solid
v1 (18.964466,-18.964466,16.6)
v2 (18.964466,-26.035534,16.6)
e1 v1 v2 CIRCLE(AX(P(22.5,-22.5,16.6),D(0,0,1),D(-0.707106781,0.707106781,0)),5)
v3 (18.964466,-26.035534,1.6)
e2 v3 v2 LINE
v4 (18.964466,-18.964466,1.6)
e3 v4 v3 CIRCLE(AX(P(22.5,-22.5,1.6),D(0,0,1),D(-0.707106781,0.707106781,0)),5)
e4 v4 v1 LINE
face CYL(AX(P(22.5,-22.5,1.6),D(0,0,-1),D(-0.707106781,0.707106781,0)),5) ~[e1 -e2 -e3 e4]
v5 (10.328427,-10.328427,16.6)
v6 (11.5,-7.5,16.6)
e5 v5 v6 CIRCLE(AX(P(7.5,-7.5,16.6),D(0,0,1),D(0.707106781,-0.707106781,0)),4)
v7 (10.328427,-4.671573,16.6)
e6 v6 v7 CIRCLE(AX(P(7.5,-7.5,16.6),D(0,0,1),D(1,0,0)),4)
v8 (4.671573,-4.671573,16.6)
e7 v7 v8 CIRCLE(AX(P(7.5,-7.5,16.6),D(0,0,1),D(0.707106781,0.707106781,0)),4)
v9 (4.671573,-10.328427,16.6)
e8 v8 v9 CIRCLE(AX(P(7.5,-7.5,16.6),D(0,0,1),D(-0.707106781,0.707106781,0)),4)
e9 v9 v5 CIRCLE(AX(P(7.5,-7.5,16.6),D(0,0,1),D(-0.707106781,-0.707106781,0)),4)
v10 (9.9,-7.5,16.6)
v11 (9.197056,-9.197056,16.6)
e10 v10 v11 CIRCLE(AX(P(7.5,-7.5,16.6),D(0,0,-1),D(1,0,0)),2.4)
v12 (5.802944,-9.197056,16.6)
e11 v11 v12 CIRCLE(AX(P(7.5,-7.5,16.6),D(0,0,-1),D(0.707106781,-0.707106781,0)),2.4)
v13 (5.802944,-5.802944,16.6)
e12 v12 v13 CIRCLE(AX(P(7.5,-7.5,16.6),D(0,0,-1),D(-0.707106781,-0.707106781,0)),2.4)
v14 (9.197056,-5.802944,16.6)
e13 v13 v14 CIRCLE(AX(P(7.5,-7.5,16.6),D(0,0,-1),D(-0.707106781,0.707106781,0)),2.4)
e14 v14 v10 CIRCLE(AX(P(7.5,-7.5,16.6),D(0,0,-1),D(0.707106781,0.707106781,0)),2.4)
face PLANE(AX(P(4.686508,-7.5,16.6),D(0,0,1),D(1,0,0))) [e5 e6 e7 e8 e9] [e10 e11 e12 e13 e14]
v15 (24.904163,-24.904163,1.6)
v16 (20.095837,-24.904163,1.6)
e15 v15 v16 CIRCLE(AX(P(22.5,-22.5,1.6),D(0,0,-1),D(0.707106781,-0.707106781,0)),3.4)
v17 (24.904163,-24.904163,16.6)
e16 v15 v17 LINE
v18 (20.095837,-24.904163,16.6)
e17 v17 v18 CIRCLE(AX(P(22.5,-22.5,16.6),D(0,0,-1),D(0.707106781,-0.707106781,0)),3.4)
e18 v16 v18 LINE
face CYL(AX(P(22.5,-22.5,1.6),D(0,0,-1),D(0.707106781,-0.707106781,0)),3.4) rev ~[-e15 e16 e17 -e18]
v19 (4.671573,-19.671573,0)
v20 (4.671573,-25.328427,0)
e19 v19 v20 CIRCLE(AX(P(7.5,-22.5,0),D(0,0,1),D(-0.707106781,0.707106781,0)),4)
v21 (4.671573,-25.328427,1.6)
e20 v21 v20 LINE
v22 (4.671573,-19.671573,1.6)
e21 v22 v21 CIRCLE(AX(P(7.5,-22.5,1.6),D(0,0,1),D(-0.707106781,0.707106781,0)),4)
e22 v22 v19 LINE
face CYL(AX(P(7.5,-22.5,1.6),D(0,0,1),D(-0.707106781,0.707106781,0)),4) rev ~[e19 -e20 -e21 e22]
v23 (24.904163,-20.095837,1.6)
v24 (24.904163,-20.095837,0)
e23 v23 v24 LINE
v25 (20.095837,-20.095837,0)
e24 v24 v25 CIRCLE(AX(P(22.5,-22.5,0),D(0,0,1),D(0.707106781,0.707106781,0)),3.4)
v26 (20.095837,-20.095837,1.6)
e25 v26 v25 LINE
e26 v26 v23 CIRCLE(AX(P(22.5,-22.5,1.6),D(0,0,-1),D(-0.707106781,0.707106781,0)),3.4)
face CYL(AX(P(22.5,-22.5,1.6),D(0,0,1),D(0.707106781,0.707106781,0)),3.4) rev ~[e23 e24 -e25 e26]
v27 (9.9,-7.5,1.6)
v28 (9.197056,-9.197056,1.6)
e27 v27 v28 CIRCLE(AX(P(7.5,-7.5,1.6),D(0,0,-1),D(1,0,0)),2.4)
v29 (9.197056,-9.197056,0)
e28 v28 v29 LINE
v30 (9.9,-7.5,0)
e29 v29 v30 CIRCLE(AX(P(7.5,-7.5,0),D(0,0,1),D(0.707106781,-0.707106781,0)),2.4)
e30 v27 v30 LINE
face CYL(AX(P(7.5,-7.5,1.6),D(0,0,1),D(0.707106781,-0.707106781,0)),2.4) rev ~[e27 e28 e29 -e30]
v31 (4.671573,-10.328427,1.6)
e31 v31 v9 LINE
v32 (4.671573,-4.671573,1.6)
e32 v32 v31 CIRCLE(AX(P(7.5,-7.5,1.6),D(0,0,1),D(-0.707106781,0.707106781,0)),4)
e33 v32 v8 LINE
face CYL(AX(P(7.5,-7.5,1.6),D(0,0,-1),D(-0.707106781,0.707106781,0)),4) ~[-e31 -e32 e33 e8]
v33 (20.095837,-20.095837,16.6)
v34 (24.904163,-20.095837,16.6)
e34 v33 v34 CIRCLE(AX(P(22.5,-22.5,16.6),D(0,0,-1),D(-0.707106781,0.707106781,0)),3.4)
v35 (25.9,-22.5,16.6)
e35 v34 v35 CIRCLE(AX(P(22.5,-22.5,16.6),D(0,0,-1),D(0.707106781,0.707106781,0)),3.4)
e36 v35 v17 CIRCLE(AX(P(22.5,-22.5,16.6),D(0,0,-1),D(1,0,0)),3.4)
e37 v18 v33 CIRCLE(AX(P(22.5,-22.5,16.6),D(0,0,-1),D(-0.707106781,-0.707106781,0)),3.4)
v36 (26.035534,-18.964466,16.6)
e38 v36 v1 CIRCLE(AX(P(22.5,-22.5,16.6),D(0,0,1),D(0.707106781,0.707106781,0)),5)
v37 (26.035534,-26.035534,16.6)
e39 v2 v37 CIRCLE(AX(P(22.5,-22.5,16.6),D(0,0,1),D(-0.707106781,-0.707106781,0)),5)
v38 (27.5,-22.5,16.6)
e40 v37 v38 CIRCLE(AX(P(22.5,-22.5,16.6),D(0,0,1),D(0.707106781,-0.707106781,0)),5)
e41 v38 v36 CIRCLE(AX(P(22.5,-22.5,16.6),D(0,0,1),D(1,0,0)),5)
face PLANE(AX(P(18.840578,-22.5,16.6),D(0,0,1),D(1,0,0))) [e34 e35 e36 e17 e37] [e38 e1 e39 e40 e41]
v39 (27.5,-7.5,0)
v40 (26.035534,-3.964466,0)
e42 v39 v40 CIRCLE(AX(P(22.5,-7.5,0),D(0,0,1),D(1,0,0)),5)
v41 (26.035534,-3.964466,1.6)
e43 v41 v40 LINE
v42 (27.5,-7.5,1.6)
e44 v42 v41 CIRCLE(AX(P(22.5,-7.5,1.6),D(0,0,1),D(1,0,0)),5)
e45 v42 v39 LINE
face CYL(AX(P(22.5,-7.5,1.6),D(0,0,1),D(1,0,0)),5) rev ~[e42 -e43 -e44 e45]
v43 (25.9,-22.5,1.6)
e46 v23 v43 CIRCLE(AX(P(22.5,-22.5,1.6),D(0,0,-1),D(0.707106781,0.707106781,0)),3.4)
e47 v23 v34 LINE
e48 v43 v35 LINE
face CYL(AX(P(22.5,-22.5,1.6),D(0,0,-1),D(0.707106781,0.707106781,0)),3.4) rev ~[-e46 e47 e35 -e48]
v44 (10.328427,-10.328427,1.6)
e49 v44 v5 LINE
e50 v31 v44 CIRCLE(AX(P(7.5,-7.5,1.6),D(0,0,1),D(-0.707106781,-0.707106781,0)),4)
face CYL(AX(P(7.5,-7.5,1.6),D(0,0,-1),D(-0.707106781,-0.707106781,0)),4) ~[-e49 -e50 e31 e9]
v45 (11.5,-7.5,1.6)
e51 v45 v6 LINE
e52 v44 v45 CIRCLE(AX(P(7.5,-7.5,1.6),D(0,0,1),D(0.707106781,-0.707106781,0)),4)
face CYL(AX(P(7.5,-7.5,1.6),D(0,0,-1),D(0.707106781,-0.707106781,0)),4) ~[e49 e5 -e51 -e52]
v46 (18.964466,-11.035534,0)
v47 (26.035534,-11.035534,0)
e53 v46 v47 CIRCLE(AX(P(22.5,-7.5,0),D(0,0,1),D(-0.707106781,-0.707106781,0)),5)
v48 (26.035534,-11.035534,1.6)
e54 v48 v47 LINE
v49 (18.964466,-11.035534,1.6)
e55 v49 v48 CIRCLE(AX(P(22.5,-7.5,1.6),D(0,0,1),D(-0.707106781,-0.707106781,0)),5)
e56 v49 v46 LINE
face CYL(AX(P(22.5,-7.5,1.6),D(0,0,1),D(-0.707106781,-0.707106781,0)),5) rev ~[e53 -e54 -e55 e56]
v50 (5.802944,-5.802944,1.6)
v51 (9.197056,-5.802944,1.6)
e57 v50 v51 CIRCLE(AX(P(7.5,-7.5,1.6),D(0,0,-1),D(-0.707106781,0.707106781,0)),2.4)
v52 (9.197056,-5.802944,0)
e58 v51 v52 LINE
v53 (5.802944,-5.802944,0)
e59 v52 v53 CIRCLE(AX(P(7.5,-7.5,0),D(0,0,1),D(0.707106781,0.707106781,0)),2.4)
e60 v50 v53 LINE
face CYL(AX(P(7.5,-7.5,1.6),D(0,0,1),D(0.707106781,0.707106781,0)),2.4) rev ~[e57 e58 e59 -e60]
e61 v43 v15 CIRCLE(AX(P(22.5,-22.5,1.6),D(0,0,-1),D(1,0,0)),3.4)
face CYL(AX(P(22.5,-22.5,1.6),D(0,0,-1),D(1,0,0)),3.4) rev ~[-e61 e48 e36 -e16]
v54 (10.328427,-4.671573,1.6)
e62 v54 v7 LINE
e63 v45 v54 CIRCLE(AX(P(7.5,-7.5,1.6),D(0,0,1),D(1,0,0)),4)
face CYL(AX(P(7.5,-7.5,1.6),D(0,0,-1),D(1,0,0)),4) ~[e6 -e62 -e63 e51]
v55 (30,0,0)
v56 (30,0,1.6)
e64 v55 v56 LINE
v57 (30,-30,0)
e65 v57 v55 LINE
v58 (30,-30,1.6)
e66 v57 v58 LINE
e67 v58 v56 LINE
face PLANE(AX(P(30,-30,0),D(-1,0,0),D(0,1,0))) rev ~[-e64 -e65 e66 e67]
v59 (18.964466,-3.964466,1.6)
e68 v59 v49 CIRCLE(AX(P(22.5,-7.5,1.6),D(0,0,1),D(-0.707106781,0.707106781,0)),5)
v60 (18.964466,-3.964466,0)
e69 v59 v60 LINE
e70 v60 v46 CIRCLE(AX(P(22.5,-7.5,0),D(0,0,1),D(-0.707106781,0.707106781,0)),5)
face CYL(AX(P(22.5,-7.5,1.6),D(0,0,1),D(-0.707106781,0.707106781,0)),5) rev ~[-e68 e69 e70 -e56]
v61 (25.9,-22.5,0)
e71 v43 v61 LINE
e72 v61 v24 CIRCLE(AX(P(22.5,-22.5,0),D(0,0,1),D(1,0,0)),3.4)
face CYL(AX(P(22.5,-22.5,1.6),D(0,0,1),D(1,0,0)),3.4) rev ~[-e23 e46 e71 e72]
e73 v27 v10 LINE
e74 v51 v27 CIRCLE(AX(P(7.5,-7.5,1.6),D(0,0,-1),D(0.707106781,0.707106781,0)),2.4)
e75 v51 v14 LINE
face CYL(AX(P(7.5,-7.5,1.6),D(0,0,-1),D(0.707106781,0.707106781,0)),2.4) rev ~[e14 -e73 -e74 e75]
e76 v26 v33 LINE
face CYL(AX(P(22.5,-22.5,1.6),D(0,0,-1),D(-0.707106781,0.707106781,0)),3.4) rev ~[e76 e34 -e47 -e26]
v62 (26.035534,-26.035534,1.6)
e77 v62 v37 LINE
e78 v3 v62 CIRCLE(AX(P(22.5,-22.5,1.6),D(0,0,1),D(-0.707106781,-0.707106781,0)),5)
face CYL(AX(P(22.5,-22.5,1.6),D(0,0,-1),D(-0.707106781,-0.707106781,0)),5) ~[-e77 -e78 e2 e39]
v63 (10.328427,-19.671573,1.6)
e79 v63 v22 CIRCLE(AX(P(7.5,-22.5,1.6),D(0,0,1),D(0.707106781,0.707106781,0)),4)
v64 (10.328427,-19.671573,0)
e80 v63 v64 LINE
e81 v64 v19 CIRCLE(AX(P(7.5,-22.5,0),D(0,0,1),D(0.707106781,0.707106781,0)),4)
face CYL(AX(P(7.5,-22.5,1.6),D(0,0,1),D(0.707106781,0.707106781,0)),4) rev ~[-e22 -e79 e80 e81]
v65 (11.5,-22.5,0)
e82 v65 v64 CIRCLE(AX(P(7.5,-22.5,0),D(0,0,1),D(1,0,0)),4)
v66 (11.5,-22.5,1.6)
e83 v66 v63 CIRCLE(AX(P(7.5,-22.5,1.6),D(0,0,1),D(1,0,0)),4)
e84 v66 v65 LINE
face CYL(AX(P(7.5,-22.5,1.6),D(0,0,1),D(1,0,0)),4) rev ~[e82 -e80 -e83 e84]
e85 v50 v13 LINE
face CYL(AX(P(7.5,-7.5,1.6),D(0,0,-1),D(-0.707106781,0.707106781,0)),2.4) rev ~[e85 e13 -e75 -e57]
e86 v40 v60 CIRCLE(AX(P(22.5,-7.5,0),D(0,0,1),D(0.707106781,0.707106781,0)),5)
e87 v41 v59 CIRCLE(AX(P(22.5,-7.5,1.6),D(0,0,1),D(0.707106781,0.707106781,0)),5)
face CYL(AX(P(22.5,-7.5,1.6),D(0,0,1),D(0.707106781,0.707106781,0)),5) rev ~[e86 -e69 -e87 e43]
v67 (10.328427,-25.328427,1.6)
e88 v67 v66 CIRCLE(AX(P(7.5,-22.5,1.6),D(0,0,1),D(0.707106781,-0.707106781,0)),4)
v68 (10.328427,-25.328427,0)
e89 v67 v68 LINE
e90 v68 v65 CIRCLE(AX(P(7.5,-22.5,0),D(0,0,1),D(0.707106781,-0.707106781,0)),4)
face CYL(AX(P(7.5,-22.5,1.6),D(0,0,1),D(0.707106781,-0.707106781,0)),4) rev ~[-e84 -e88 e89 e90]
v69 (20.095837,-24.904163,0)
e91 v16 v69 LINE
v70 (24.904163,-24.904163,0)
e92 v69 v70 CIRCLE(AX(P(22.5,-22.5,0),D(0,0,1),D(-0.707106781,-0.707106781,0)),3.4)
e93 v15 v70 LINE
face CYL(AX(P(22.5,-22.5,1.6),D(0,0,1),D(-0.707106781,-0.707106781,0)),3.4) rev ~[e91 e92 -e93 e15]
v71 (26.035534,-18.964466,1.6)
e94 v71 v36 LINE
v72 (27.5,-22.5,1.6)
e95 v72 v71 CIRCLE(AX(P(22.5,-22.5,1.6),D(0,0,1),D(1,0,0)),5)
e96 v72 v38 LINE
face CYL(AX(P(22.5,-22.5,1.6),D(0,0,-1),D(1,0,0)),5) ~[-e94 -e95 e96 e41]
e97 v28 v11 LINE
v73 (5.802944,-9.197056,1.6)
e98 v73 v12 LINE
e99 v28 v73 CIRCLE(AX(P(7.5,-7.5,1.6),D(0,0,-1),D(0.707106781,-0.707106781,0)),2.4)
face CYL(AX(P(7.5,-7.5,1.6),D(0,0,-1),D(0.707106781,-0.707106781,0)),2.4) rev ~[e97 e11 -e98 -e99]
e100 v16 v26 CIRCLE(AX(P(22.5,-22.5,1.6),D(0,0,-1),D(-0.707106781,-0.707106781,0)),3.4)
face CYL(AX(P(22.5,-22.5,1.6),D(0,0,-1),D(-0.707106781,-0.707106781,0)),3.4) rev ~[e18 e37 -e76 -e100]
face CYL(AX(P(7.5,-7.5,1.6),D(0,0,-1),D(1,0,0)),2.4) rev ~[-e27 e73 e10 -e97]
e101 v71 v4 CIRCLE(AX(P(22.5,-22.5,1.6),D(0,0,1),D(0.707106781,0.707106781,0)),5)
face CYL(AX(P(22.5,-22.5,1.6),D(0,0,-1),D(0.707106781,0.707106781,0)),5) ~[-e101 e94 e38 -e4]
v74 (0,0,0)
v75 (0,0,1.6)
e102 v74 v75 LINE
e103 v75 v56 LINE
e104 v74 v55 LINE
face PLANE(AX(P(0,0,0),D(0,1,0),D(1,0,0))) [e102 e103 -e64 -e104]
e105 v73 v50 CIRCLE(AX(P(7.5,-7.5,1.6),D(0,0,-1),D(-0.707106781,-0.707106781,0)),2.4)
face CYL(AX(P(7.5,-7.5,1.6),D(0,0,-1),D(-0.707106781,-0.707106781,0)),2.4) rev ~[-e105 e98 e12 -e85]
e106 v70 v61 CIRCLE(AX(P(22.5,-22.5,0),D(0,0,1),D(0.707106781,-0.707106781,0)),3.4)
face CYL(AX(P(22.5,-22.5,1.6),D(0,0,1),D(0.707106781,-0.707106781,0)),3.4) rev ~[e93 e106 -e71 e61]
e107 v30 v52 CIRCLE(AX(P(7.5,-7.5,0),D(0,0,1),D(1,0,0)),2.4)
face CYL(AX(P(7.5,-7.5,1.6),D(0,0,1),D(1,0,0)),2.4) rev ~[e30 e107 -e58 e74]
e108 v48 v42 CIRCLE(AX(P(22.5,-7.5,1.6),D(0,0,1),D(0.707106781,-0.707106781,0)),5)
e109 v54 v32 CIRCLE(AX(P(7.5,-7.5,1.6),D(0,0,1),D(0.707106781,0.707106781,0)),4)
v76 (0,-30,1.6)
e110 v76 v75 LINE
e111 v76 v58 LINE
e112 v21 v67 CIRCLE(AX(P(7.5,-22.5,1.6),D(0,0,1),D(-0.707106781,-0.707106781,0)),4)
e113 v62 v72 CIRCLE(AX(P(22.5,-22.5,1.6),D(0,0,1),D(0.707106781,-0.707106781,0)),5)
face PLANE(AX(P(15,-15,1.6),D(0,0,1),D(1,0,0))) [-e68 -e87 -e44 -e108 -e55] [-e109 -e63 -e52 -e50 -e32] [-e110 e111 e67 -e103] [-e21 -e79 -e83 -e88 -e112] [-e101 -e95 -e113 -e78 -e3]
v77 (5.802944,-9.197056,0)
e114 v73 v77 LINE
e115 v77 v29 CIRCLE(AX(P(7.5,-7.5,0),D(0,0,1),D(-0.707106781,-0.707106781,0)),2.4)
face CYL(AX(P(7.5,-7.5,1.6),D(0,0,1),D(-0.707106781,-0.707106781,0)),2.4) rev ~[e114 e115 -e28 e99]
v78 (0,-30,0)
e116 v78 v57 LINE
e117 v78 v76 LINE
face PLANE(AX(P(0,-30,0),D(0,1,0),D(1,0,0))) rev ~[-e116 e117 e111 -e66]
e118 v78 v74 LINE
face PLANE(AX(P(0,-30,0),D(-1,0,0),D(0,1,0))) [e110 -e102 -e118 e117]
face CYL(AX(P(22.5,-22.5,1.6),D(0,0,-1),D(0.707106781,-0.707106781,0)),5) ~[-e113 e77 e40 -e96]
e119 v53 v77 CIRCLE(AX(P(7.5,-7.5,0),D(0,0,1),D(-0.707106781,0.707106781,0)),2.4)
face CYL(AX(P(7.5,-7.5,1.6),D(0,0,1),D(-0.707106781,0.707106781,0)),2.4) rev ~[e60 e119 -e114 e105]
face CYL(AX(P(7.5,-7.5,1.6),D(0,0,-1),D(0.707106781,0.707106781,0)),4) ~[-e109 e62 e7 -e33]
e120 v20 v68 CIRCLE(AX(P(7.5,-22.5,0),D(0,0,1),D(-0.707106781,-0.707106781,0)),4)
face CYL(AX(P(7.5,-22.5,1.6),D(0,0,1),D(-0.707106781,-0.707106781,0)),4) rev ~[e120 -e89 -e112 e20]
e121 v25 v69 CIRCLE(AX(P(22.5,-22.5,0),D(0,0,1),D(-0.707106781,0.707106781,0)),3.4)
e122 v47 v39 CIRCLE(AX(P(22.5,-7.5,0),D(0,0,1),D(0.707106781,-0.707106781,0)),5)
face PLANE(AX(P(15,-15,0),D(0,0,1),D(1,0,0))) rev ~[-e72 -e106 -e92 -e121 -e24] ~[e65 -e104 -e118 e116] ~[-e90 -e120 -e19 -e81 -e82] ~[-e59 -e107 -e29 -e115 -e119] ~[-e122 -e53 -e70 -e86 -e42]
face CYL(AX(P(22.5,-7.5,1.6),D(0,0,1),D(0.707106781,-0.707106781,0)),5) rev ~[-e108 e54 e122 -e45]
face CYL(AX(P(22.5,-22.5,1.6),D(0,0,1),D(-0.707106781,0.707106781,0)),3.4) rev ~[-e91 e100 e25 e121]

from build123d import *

# Parameters (mm, degrees)
F0_W     = 30
F0_H     = 30
F1_DEPTH = 1.6
F3_DEPTH = 15
F4_DEPTH = 25


with BuildPart() as f1:
    # F0 (on Top) → F1 (new body)
    with BuildSketch(Plane.XY):
        with Locations((15, -15)):
            Rectangle(F0_W, F0_H)
    extrude(amount=F1_DEPTH)

    # F2 (on face) → F3 (join)
    with BuildSketch(Plane.XY.offset(1.6)):
        with BuildLine():
            Line((5.8029437252, -5.8029437252), (4.6715728753, -4.6715728753))
            ThreePointArc((4.6715728753, -4.6715728753), (3.5, -7.5), (4.6715728753, -10.3284271247))
            Line((4.6715728753, -10.3284271247), (5.8029437252, -9.1970562748))
            ThreePointArc((5.8029437252, -9.1970562748), (5.1, -7.5), (5.8029437252, -5.8029437252))
        make_face()
        with BuildLine():
            ThreePointArc((10.3284271247, -4.6715728753), (7.5, -3.5), (4.6715728753, -4.6715728753))
            Line((4.6715728753, -4.6715728753), (5.8029437252, -5.8029437252))
            ThreePointArc((5.8029437252, -5.8029437252), (7.5, -5.1), (9.1970562748, -5.8029437252))
            Line((9.1970562748, -5.8029437252), (10.3284271247, -4.6715728753))
        make_face()
        with BuildLine():
            ThreePointArc((11.5, -7.5), (11.19551813, -5.9692662705), (10.3284271247, -4.6715728753))
            Line((10.3284271247, -4.6715728753), (9.1970562748, -5.8029437252))
            ThreePointArc((9.1970562748, -5.8029437252), (9.717310878, -6.5815597623), (9.9, -7.5))
            ThreePointArc((9.9, -7.5), (9.717310878, -8.4184402377), (9.1970562748, -9.1970562748))
            Line((9.1970562748, -9.1970562748), (10.3284271247, -10.3284271247))
            ThreePointArc((10.3284271247, -10.3284271247), (11.19551813, -9.0307337295), (11.5, -7.5))
        make_face()
        with BuildLine():
            Line((5.8029437252, -9.1970562748), (4.6715728753, -10.3284271247))
            ThreePointArc((4.6715728753, -10.3284271247), (7.5, -11.5), (10.3284271247, -10.3284271247))
            Line((10.3284271247, -10.3284271247), (9.1970562748, -9.1970562748))
            ThreePointArc((9.1970562748, -9.1970562748), (7.5, -9.9), (5.8029437252, -9.1970562748))
        make_face()
        with BuildLine():
            ThreePointArc((18.9644660941, -18.9644660941), (17.5, -22.5), (18.9644660941, -26.0355339059))
            Line((18.9644660941, -26.0355339059), (20.095836944, -24.904163056))
            ThreePointArc((20.095836944, -24.904163056), (19.1, -22.5), (20.095836944, -20.095836944))
            Line((20.095836944, -20.095836944), (18.9644660941, -18.9644660941))
        make_face()
        with BuildLine():
            Line((24.904163056, -20.095836944), (26.0355339059, -18.9644660941))
            ThreePointArc((26.0355339059, -18.9644660941), (22.5, -17.5), (18.9644660941, -18.9644660941))
            Line((18.9644660941, -18.9644660941), (20.095836944, -20.095836944))
            ThreePointArc((20.095836944, -20.095836944), (22.5, -19.1), (24.904163056, -20.095836944))
        make_face()
        with BuildLine():
            ThreePointArc((27.5, -22.5), (27.1193976626, -20.5865828382), (26.0355339059, -18.9644660941))
            Line((26.0355339059, -18.9644660941), (24.904163056, -20.095836944))
            ThreePointArc((24.904163056, -20.095836944), (25.6411904105, -21.19887633), (25.9, -22.5))
            ThreePointArc((25.9, -22.5), (25.6411904105, -23.80112367), (24.904163056, -24.904163056))
            Line((24.904163056, -24.904163056), (26.0355339059, -26.0355339059))
            ThreePointArc((26.0355339059, -26.0355339059), (27.1193976626, -24.4134171618), (27.5, -22.5))
        make_face()
        with BuildLine():
            Line((20.095836944, -24.904163056), (18.9644660941, -26.0355339059))
            ThreePointArc((18.9644660941, -26.0355339059), (22.5, -27.5), (26.0355339059, -26.0355339059))
            Line((26.0355339059, -26.0355339059), (24.904163056, -24.904163056))
            ThreePointArc((24.904163056, -24.904163056), (22.5, -25.9), (20.095836944, -24.904163056))
        make_face()
    extrude(amount=F3_DEPTH)

    # F2 (on face) → F4 (cut)
    with BuildSketch(Plane.XY.offset(1.6)):
        with BuildLine():
            Line((26.0355339059, -11.0355339059), (22.5, -7.5))
            Line((22.5, -7.5), (18.9644660941, -11.0355339059))
            ThreePointArc((18.9644660941, -11.0355339059), (22.5, -12.5), (26.0355339059, -11.0355339059))
        make_face()
        with BuildLine():
            Line((22.5, -7.5), (18.9644660941, -3.9644660941))
            ThreePointArc((18.9644660941, -3.9644660941), (17.5, -7.5), (18.9644660941, -11.0355339059))
            Line((18.9644660941, -11.0355339059), (22.5, -7.5))
        make_face()
        with BuildLine():
            ThreePointArc((26.0355339059, -3.9644660941), (22.5, -2.5), (18.9644660941, -3.9644660941))
            Line((18.9644660941, -3.9644660941), (22.5, -7.5))
            Line((22.5, -7.5), (26.0355339059, -3.9644660941))
        make_face()
        with BuildLine():
            Line((26.0355339059, -3.9644660941), (22.5, -7.5))
            Line((22.5, -7.5), (26.0355339059, -11.0355339059))
            ThreePointArc((26.0355339059, -11.0355339059), (27.1193976626, -9.4134171618), (27.5, -7.5))
            ThreePointArc((27.5, -7.5), (27.1193976626, -5.5865828382), (26.0355339059, -3.9644660941))
        make_face()
        with BuildLine():
            Line((9.1970562748, -5.8029437252), (7.5, -7.5))
            Line((7.5, -7.5), (9.1970562748, -9.1970562748))
            ThreePointArc((9.1970562748, -9.1970562748), (9.717310878, -8.4184402377), (9.9, -7.5))
            ThreePointArc((9.9, -7.5), (9.717310878, -6.5815597623), (9.1970562748, -5.8029437252))
        make_face()
        with BuildLine():
            ThreePointArc((9.1970562748, -5.8029437252), (7.5, -5.1), (5.8029437252, -5.8029437252))
            Line((5.8029437252, -5.8029437252), (7.5, -7.5))
            Line((7.5, -7.5), (9.1970562748, -5.8029437252))
        make_face()
        with BuildLine():
            Line((7.5, -7.5), (5.8029437252, -5.8029437252))
            ThreePointArc((5.8029437252, -5.8029437252), (5.1, -7.5), (5.8029437252, -9.1970562748))
            Line((5.8029437252, -9.1970562748), (7.5, -7.5))
        make_face()
        with BuildLine():
            Line((9.1970562748, -9.1970562748), (7.5, -7.5))
            Line((7.5, -7.5), (5.8029437252, -9.1970562748))
            ThreePointArc((5.8029437252, -9.1970562748), (7.5, -9.9), (9.1970562748, -9.1970562748))
        make_face()
        with BuildLine():
            ThreePointArc((10.3284271247, -19.6715728753), (7.5, -18.5), (4.6715728753, -19.6715728753))
            Line((4.6715728753, -19.6715728753), (7.5, -22.5))
            Line((7.5, -22.5), (10.3284271247, -19.6715728753))
        make_face()
        with BuildLine():
            Line((10.3284271247, -19.6715728753), (7.5, -22.5))
            Line((7.5, -22.5), (10.3284271247, -25.3284271247))
            ThreePointArc((10.3284271247, -25.3284271247), (11.19551813, -24.0307337295), (11.5, -22.5))
            ThreePointArc((11.5, -22.5), (11.19551813, -20.9692662705), (10.3284271247, -19.6715728753))
        make_face()
        with BuildLine():
            Line((10.3284271247, -25.3284271247), (7.5, -22.5))
            Line((7.5, -22.5), (4.6715728753, -25.3284271247))
            ThreePointArc((4.6715728753, -25.3284271247), (7.5, -26.5), (10.3284271247, -25.3284271247))
        make_face()
        with BuildLine():
            Line((7.5, -22.5), (4.6715728753, -19.6715728753))
            ThreePointArc((4.6715728753, -19.6715728753), (3.5, -22.5), (4.6715728753, -25.3284271247))
            Line((4.6715728753, -25.3284271247), (7.5, -22.5))
        make_face()
        with BuildLine():
            ThreePointArc((20.095836944, -20.095836944), (19.1, -22.5), (20.095836944, -24.904163056))
            Line((20.095836944, -24.904163056), (22.5, -22.5))
            Line((22.5, -22.5), (20.095836944, -20.095836944))
        make_face()
        with BuildLine():
            Line((22.5, -22.5), (24.904163056, -20.095836944))
            ThreePointArc((24.904163056, -20.095836944), (22.5, -19.1), (20.095836944, -20.095836944))
            Line((20.095836944, -20.095836944), (22.5, -22.5))
        make_face()
        with BuildLine():
            ThreePointArc((25.9, -22.5), (25.6411904105, -21.19887633), (24.904163056, -20.095836944))
            Line((24.904163056, -20.095836944), (22.5, -22.5))
            Line((22.5, -22.5), (24.904163056, -24.904163056))
            ThreePointArc((24.904163056, -24.904163056), (25.6411904105, -23.80112367), (25.9, -22.5))
        make_face()
        with BuildLine():
            Line((22.5, -22.5), (20.095836944, -24.904163056))
            ThreePointArc((20.095836944, -24.904163056), (22.5, -25.9), (24.904163056, -24.904163056))
            Line((24.904163056, -24.904163056), (22.5, -22.5))
        make_face()
    extrude(amount=-F4_DEPTH, mode=Mode.SUBTRACT)


solid = f1.part
